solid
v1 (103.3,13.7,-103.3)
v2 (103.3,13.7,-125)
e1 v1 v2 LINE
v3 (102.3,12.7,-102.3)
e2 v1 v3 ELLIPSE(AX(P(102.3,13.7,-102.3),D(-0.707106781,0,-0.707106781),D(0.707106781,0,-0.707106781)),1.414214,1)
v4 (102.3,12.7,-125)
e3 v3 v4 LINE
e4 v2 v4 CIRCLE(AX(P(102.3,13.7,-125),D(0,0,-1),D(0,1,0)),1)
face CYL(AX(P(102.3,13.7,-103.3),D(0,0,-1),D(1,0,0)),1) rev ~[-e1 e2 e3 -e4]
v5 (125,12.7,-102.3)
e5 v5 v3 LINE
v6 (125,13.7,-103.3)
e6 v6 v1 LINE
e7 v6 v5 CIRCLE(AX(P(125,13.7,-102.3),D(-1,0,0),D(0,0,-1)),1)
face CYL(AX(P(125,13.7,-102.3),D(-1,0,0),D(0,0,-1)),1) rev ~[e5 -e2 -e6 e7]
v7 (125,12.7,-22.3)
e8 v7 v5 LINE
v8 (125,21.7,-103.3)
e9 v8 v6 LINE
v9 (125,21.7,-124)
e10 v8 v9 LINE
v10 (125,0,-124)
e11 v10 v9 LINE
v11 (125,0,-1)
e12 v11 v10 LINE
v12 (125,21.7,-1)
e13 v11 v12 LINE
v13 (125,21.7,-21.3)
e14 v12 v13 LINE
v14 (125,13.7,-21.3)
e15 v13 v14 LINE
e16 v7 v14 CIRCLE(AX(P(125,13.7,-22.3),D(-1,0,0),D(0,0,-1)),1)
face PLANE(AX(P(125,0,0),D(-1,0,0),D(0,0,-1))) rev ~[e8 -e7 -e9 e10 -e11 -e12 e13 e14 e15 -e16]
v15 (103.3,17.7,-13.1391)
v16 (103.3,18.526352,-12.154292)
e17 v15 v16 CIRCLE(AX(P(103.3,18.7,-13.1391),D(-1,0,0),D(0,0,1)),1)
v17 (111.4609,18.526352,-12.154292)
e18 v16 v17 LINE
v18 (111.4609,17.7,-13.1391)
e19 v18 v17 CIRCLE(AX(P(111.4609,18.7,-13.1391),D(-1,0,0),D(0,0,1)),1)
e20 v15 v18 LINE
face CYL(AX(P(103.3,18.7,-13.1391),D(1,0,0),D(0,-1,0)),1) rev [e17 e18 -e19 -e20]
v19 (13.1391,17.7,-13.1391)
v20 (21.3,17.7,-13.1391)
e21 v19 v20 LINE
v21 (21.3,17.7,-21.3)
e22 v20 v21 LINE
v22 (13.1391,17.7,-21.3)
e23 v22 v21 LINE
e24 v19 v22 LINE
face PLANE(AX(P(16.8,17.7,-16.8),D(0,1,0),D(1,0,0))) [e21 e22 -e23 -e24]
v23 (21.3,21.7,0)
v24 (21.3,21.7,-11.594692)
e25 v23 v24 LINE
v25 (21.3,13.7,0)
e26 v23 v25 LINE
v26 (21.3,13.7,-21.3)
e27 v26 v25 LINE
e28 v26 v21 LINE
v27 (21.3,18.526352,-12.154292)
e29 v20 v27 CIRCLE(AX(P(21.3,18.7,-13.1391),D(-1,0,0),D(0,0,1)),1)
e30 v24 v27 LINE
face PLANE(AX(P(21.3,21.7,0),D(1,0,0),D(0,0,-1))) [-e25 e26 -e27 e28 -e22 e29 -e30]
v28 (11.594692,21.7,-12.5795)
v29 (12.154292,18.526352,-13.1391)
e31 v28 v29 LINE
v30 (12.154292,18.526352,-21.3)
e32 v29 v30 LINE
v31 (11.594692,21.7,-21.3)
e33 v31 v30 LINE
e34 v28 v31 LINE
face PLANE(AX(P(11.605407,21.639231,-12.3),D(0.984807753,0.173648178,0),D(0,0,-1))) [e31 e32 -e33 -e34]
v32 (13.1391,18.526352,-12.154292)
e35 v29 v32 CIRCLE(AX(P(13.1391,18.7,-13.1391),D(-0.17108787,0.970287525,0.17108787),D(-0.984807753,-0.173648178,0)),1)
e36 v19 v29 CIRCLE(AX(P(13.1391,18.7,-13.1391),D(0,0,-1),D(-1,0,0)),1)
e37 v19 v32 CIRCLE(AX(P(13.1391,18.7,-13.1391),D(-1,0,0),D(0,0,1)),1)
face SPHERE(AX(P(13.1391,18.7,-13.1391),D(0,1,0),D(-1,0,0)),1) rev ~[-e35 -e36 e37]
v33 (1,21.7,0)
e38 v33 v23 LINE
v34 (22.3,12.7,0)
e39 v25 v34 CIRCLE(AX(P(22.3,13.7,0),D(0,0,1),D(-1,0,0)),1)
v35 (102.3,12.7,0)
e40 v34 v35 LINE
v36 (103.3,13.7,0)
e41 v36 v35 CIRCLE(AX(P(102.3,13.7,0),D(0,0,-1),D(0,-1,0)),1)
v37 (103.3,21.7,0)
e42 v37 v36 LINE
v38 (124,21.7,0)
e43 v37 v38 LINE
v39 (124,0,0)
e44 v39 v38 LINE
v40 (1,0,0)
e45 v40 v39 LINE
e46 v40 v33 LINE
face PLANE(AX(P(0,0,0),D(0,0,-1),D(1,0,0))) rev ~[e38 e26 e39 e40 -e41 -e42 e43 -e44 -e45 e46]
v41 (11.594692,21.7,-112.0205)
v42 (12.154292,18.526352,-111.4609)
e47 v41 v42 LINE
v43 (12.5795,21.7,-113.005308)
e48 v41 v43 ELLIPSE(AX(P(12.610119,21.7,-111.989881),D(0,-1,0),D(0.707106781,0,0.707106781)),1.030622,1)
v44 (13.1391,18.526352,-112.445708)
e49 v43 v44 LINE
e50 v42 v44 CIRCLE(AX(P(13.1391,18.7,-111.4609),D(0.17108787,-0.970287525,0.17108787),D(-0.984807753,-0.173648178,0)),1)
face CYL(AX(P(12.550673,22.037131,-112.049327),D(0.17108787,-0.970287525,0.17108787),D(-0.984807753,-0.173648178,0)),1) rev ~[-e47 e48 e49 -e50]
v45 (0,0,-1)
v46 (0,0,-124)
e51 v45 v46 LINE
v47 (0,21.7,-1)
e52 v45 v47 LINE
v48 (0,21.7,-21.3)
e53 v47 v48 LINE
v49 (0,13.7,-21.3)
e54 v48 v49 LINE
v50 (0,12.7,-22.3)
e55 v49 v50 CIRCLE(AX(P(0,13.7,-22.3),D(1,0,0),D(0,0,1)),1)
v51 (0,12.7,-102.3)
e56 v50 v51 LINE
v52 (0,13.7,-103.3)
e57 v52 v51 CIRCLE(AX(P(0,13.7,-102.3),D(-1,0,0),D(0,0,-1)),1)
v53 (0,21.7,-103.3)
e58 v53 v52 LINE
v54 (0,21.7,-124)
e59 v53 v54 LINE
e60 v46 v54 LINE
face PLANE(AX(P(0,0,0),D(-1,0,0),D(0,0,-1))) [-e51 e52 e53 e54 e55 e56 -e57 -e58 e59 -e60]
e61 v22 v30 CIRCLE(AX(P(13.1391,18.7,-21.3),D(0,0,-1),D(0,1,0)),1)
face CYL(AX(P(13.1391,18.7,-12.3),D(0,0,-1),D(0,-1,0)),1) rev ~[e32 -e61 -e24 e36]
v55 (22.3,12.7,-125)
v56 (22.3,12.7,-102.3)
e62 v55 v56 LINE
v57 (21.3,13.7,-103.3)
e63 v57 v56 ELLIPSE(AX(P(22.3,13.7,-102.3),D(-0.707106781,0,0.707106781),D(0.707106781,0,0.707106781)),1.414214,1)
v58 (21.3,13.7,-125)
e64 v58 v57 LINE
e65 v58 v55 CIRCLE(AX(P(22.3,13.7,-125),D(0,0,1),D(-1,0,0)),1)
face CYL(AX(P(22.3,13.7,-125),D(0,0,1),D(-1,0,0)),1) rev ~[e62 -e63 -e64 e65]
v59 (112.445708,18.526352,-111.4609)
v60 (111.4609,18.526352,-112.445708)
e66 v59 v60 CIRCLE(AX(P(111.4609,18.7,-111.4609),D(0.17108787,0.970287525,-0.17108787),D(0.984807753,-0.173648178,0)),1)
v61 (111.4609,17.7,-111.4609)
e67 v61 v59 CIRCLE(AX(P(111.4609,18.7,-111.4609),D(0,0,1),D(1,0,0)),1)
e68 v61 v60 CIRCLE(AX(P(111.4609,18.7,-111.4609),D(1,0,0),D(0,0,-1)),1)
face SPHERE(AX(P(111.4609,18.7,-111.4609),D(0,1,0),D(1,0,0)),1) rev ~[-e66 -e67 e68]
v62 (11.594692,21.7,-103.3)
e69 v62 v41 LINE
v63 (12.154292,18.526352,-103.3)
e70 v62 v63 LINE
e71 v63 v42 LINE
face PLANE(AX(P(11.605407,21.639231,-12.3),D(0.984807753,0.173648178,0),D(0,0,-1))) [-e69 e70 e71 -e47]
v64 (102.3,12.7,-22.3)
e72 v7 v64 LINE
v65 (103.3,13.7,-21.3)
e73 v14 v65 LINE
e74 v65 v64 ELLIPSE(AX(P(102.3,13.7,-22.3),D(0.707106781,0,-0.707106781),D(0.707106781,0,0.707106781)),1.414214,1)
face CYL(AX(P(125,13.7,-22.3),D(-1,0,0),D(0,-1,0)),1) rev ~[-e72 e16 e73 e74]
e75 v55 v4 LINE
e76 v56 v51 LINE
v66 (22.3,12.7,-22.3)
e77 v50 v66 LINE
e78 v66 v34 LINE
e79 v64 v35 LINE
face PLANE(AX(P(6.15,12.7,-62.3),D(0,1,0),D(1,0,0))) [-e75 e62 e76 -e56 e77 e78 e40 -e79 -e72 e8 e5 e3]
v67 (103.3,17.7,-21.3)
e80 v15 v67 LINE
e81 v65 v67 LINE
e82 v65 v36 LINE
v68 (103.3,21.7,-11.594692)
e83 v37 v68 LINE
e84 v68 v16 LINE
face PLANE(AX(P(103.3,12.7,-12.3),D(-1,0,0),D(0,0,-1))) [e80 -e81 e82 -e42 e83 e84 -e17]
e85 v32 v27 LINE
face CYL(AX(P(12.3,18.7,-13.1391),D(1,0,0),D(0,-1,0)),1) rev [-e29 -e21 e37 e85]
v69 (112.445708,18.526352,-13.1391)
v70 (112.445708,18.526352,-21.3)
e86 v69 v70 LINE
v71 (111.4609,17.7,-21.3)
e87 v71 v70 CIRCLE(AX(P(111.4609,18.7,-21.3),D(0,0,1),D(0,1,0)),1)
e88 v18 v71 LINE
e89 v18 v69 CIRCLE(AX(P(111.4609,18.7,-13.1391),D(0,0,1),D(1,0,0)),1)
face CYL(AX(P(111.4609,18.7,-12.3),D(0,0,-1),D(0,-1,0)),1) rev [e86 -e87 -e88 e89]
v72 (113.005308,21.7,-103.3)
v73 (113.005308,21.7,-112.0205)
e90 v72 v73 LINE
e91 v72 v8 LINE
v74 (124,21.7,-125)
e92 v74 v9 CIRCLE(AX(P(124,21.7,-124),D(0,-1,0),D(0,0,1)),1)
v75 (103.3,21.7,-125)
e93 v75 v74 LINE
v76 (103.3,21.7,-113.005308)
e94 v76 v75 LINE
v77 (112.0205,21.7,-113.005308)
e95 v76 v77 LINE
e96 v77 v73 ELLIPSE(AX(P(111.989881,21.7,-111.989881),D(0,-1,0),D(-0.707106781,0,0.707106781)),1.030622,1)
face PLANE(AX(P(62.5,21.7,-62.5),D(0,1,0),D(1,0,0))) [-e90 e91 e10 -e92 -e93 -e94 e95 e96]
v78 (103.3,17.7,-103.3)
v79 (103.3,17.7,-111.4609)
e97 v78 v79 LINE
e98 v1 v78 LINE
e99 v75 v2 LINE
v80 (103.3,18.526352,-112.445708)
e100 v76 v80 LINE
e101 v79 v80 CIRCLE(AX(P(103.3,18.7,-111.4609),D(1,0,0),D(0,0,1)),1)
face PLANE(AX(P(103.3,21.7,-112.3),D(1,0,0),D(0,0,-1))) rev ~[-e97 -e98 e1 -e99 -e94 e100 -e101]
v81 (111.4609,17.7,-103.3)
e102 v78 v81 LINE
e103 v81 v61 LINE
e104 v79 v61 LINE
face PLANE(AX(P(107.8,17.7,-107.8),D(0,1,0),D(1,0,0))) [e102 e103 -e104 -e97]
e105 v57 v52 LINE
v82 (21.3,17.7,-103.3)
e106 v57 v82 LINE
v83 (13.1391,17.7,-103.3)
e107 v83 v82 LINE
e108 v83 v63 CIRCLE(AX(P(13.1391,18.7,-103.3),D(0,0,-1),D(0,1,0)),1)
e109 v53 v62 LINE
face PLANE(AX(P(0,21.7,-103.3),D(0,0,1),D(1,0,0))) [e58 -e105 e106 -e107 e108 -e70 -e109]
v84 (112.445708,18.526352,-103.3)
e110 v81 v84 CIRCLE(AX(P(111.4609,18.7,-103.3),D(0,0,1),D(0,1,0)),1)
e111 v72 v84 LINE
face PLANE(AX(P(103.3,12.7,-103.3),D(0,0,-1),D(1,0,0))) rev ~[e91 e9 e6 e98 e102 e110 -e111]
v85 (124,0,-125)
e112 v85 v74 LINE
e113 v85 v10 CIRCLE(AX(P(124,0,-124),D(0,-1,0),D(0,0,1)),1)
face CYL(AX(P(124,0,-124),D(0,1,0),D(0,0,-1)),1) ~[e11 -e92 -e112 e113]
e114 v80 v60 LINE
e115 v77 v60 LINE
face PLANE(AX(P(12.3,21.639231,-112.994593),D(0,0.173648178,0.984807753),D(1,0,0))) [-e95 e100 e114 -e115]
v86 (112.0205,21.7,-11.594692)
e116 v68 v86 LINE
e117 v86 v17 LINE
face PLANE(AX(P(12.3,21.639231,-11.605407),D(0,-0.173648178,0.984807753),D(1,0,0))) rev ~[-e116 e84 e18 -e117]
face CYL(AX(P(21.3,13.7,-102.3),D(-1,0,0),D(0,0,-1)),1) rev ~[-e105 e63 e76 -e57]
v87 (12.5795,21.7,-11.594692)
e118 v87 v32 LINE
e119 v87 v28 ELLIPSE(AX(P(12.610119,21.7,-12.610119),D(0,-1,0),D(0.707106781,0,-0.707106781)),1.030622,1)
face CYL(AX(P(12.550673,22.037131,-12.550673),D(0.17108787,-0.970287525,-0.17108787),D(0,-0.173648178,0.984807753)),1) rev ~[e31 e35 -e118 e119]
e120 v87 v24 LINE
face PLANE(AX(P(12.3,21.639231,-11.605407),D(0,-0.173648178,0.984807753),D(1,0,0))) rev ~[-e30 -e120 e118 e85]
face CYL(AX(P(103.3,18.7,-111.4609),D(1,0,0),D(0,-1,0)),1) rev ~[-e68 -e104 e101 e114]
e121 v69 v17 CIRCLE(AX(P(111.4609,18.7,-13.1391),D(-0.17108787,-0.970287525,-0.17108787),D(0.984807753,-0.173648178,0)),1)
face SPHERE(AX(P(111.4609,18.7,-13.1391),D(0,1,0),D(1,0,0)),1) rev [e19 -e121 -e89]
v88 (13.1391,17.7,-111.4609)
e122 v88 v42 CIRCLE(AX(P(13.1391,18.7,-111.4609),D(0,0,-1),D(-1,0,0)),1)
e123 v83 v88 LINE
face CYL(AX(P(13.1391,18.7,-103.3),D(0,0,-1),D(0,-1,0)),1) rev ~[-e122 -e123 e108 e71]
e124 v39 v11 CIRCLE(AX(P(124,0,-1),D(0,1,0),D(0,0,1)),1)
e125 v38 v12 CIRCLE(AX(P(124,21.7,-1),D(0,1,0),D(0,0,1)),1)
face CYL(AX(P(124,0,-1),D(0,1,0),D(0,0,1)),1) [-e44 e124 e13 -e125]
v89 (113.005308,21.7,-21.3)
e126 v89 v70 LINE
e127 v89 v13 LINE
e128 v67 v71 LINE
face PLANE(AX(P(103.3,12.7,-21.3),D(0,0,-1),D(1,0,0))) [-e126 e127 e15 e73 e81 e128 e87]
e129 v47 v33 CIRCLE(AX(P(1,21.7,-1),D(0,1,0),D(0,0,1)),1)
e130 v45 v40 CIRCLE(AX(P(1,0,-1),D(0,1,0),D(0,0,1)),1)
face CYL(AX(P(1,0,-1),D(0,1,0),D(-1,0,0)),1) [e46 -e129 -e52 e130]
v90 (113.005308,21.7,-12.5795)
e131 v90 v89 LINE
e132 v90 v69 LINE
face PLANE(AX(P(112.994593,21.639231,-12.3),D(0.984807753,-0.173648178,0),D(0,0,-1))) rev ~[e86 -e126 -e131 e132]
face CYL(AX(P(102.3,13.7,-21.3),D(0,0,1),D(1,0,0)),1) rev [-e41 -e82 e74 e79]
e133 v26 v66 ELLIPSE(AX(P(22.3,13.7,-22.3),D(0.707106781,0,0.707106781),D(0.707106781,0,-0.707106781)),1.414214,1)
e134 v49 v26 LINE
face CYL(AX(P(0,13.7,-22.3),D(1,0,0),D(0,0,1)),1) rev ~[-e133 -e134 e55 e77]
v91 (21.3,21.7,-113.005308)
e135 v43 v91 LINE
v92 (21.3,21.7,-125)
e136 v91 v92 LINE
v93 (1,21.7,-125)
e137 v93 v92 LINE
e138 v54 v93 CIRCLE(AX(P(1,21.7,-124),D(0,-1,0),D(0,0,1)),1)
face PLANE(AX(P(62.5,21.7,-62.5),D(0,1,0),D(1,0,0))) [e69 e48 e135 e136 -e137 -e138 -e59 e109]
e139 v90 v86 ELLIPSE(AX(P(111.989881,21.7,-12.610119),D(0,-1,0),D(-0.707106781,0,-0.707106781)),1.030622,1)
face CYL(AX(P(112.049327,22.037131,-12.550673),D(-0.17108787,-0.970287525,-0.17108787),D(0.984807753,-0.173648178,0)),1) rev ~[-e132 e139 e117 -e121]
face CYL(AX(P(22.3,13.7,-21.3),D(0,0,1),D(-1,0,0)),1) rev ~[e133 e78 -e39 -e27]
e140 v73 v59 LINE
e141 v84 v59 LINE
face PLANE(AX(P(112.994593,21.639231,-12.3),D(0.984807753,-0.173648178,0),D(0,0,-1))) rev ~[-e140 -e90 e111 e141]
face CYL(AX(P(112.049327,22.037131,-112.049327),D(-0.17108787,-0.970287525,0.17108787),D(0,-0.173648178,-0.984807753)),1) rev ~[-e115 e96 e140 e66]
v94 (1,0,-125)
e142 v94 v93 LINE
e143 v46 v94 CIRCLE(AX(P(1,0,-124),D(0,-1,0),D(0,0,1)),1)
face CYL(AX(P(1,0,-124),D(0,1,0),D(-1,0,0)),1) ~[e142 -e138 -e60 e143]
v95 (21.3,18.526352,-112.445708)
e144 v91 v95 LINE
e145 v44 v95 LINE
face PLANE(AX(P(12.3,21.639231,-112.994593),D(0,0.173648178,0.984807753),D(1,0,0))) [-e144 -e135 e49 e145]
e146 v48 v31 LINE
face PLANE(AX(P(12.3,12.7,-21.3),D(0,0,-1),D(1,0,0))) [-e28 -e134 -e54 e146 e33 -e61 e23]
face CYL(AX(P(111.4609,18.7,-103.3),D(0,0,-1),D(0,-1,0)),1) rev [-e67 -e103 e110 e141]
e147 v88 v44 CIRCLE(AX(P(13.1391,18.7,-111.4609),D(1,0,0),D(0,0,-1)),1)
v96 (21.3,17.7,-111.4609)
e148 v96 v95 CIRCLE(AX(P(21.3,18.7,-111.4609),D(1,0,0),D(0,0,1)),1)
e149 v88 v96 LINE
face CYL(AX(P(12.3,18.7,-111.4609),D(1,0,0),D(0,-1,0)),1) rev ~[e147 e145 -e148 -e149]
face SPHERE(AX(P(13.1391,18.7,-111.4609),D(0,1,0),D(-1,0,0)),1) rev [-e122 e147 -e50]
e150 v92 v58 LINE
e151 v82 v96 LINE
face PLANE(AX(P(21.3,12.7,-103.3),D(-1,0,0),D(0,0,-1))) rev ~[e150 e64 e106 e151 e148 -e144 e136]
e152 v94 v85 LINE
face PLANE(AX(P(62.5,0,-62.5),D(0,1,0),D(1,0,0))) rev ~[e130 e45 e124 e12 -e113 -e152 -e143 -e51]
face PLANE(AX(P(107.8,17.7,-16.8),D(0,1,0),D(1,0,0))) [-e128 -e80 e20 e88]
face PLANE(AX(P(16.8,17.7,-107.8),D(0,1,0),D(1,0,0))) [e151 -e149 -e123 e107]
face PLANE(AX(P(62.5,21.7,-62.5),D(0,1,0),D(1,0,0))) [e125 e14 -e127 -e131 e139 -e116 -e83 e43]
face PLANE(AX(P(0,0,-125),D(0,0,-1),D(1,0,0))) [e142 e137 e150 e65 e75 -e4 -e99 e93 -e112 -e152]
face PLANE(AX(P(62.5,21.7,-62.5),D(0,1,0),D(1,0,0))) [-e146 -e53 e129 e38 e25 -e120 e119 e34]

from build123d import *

# Parameters (mm, degrees)
SKETCH1_W           = 125
SKETCH1_H           = 125
BOSS_EXTRUDE1_DEPTH = 21.7
SKETCH2_W           = 100
SKETCH2_H           = 100
CUT_EXTRUDE1_DEPTH  = 9
FILLET2_R           = 1
SKETCH4_W           = 82
SKETCH4_H           = 12.7
SKETCH4_W_2         = 12.3
SKETCH4_H_2         = 82
SKETCH4_H_3         = 12.3
SKETCH4_W_3         = 12.7
CUT_EXTRUDE2_DEPTH  = 9
SKETCH5_W           = 9
SKETCH5_H           = 9
BOSS_EXTRUDE2_DEPTH = 5
DRAFT1_ANGLE        = 10
DRAFT2_ANGLE        = 10
DRAFT3_ANGLE        = 10
DRAFT4_ANGLE        = 10
FILLET3_R           = 1


with BuildPart() as part:
    # Sketch1 → Boss-Extrude1 (new body)
    with BuildSketch(Plane(origin=(0, 0, 0), x_dir=(1, 0, 0), z_dir=(0, 1, 0))):
        with Locations((62.5, 62.5)):
            Rectangle(SKETCH1_W, SKETCH1_H)
    extrude(amount=BOSS_EXTRUDE1_DEPTH)

    # Sketch2 → Cut-Extrude1 (cut)
    with BuildSketch(Plane(origin=(0, 21.7, 0), x_dir=(1, 0, 0), z_dir=(0, 1, 0))):
        with Locations((62.3, 62.3)):
            Rectangle(SKETCH2_W, SKETCH2_H)
    extrude(amount=-CUT_EXTRUDE1_DEPTH, mode=Mode.SUBTRACT)

    # Fillet2
    fillet2_edges = [part.edges().sort_by_distance(p)[0] for p in [
        (0, 10.85, -125),
        (125, 10.85, -125),
        (125, 10.85, 0),
        (0, 10.85, 0),
    ]]
    fillet(fillet2_edges, radius=FILLET2_R)

    # Sketch4 → Cut-Extrude2 (cut)
    with BuildSketch(Plane(origin=(0, 21.7, 0), x_dir=(1, 0, 0), z_dir=(0, 1, 0))):
        with Locations((62.3, 118.65)):
            Rectangle(SKETCH4_W, SKETCH4_H)
        with Locations((6.15, 62.3)):
            Rectangle(SKETCH4_W_2, SKETCH4_H_2)
        with Locations((62.3, 6.15)):
            Rectangle(SKETCH4_W, SKETCH4_H_3)
        with Locations((118.65, 62.3)):
            Rectangle(SKETCH4_W_3, SKETCH4_H_2)
    extrude(amount=-CUT_EXTRUDE2_DEPTH, mode=Mode.SUBTRACT)

    # Sketch5 → Boss-Extrude2 (add)
    with BuildSketch(Plane(origin=(0, 12.7, 0), x_dir=(1, 0, 0), z_dir=(0, 1, 0))):
        with Locations((107.8, 16.8)):
            Rectangle(SKETCH5_W, SKETCH5_H)
        with Locations((16.8, 16.8)):
            Rectangle(SKETCH5_W, SKETCH5_H)
        with Locations((16.8, 107.8)):
            Rectangle(SKETCH5_W, SKETCH5_H)
        with Locations((107.8, 107.8)):
            Rectangle(SKETCH5_W, SKETCH5_H)
    extrude(amount=BOSS_EXTRUDE2_DEPTH)

    # Draft1
    draft1_faces = [part.faces().sort_by_distance(p)[0] for p in [
        (112.3, 19.7, -16.8),
        (107.8, 19.7, -12.3),
    ]]
    draft(draft1_faces, Plane.ZX.offset(17.7), DRAFT1_ANGLE)

    # Draft2
    draft2_faces = [part.faces().sort_by_distance(p)[0] for p in [
        (12.3, 19.7, -16.8),
        (16.8, 19.7, -12.3),
    ]]
    draft(draft2_faces, Plane.ZX.offset(17.7), DRAFT2_ANGLE)

    # Draft3
    draft3_faces = [part.faces().sort_by_distance(p)[0] for p in [
        (16.8, 19.7, -112.3),
        (12.3, 19.7, -107.8),
    ]]
    draft(draft3_faces, Plane.ZX.offset(17.7), DRAFT3_ANGLE)

    # Draft4
    draft4_faces = [part.faces().sort_by_distance(p)[0] for p in [
        (112.3, 19.7, -107.8),
        (107.8, 19.7, -112.3),
    ]]
    draft(draft4_faces, Plane.ZX.offset(17.7), DRAFT4_ANGLE)

    # Fillet3
    fillet3_edges = [part.edges().sort_by_distance(p)[0] for p in [
        (112.652653961, 19.7, -11.947346039),
        (112.3, 17.7, -16.8),
        (107.8, 17.7, -12.3),
        (11.947346039, 19.7, -11.947346039),
        (12.3, 17.7, -16.8),
        (16.8, 17.7, -12.3),
        (11.947346039, 19.7, -112.652653961),
        (12.3, 17.7, -107.8),
        (16.8, 17.7, -112.3),
        (112.652653961, 19.7, -112.652653961),
        (112.3, 17.7, -107.8),
        (107.8, 17.7, -112.3),
        (103.3, 12.7, -114.15),
        (21.3, 12.7, -114.15),
        (10.65, 12.7, -21.3),
        (10.65, 12.7, -103.3),
        (103.3, 12.7, -10.65),
        (21.3, 12.7, -10.65),
        (114.15, 12.7, -21.3),
        (114.15, 12.7, -103.3),
    ]]
    fillet(fillet3_edges, radius=FILLET3_R)


solid = part.part
